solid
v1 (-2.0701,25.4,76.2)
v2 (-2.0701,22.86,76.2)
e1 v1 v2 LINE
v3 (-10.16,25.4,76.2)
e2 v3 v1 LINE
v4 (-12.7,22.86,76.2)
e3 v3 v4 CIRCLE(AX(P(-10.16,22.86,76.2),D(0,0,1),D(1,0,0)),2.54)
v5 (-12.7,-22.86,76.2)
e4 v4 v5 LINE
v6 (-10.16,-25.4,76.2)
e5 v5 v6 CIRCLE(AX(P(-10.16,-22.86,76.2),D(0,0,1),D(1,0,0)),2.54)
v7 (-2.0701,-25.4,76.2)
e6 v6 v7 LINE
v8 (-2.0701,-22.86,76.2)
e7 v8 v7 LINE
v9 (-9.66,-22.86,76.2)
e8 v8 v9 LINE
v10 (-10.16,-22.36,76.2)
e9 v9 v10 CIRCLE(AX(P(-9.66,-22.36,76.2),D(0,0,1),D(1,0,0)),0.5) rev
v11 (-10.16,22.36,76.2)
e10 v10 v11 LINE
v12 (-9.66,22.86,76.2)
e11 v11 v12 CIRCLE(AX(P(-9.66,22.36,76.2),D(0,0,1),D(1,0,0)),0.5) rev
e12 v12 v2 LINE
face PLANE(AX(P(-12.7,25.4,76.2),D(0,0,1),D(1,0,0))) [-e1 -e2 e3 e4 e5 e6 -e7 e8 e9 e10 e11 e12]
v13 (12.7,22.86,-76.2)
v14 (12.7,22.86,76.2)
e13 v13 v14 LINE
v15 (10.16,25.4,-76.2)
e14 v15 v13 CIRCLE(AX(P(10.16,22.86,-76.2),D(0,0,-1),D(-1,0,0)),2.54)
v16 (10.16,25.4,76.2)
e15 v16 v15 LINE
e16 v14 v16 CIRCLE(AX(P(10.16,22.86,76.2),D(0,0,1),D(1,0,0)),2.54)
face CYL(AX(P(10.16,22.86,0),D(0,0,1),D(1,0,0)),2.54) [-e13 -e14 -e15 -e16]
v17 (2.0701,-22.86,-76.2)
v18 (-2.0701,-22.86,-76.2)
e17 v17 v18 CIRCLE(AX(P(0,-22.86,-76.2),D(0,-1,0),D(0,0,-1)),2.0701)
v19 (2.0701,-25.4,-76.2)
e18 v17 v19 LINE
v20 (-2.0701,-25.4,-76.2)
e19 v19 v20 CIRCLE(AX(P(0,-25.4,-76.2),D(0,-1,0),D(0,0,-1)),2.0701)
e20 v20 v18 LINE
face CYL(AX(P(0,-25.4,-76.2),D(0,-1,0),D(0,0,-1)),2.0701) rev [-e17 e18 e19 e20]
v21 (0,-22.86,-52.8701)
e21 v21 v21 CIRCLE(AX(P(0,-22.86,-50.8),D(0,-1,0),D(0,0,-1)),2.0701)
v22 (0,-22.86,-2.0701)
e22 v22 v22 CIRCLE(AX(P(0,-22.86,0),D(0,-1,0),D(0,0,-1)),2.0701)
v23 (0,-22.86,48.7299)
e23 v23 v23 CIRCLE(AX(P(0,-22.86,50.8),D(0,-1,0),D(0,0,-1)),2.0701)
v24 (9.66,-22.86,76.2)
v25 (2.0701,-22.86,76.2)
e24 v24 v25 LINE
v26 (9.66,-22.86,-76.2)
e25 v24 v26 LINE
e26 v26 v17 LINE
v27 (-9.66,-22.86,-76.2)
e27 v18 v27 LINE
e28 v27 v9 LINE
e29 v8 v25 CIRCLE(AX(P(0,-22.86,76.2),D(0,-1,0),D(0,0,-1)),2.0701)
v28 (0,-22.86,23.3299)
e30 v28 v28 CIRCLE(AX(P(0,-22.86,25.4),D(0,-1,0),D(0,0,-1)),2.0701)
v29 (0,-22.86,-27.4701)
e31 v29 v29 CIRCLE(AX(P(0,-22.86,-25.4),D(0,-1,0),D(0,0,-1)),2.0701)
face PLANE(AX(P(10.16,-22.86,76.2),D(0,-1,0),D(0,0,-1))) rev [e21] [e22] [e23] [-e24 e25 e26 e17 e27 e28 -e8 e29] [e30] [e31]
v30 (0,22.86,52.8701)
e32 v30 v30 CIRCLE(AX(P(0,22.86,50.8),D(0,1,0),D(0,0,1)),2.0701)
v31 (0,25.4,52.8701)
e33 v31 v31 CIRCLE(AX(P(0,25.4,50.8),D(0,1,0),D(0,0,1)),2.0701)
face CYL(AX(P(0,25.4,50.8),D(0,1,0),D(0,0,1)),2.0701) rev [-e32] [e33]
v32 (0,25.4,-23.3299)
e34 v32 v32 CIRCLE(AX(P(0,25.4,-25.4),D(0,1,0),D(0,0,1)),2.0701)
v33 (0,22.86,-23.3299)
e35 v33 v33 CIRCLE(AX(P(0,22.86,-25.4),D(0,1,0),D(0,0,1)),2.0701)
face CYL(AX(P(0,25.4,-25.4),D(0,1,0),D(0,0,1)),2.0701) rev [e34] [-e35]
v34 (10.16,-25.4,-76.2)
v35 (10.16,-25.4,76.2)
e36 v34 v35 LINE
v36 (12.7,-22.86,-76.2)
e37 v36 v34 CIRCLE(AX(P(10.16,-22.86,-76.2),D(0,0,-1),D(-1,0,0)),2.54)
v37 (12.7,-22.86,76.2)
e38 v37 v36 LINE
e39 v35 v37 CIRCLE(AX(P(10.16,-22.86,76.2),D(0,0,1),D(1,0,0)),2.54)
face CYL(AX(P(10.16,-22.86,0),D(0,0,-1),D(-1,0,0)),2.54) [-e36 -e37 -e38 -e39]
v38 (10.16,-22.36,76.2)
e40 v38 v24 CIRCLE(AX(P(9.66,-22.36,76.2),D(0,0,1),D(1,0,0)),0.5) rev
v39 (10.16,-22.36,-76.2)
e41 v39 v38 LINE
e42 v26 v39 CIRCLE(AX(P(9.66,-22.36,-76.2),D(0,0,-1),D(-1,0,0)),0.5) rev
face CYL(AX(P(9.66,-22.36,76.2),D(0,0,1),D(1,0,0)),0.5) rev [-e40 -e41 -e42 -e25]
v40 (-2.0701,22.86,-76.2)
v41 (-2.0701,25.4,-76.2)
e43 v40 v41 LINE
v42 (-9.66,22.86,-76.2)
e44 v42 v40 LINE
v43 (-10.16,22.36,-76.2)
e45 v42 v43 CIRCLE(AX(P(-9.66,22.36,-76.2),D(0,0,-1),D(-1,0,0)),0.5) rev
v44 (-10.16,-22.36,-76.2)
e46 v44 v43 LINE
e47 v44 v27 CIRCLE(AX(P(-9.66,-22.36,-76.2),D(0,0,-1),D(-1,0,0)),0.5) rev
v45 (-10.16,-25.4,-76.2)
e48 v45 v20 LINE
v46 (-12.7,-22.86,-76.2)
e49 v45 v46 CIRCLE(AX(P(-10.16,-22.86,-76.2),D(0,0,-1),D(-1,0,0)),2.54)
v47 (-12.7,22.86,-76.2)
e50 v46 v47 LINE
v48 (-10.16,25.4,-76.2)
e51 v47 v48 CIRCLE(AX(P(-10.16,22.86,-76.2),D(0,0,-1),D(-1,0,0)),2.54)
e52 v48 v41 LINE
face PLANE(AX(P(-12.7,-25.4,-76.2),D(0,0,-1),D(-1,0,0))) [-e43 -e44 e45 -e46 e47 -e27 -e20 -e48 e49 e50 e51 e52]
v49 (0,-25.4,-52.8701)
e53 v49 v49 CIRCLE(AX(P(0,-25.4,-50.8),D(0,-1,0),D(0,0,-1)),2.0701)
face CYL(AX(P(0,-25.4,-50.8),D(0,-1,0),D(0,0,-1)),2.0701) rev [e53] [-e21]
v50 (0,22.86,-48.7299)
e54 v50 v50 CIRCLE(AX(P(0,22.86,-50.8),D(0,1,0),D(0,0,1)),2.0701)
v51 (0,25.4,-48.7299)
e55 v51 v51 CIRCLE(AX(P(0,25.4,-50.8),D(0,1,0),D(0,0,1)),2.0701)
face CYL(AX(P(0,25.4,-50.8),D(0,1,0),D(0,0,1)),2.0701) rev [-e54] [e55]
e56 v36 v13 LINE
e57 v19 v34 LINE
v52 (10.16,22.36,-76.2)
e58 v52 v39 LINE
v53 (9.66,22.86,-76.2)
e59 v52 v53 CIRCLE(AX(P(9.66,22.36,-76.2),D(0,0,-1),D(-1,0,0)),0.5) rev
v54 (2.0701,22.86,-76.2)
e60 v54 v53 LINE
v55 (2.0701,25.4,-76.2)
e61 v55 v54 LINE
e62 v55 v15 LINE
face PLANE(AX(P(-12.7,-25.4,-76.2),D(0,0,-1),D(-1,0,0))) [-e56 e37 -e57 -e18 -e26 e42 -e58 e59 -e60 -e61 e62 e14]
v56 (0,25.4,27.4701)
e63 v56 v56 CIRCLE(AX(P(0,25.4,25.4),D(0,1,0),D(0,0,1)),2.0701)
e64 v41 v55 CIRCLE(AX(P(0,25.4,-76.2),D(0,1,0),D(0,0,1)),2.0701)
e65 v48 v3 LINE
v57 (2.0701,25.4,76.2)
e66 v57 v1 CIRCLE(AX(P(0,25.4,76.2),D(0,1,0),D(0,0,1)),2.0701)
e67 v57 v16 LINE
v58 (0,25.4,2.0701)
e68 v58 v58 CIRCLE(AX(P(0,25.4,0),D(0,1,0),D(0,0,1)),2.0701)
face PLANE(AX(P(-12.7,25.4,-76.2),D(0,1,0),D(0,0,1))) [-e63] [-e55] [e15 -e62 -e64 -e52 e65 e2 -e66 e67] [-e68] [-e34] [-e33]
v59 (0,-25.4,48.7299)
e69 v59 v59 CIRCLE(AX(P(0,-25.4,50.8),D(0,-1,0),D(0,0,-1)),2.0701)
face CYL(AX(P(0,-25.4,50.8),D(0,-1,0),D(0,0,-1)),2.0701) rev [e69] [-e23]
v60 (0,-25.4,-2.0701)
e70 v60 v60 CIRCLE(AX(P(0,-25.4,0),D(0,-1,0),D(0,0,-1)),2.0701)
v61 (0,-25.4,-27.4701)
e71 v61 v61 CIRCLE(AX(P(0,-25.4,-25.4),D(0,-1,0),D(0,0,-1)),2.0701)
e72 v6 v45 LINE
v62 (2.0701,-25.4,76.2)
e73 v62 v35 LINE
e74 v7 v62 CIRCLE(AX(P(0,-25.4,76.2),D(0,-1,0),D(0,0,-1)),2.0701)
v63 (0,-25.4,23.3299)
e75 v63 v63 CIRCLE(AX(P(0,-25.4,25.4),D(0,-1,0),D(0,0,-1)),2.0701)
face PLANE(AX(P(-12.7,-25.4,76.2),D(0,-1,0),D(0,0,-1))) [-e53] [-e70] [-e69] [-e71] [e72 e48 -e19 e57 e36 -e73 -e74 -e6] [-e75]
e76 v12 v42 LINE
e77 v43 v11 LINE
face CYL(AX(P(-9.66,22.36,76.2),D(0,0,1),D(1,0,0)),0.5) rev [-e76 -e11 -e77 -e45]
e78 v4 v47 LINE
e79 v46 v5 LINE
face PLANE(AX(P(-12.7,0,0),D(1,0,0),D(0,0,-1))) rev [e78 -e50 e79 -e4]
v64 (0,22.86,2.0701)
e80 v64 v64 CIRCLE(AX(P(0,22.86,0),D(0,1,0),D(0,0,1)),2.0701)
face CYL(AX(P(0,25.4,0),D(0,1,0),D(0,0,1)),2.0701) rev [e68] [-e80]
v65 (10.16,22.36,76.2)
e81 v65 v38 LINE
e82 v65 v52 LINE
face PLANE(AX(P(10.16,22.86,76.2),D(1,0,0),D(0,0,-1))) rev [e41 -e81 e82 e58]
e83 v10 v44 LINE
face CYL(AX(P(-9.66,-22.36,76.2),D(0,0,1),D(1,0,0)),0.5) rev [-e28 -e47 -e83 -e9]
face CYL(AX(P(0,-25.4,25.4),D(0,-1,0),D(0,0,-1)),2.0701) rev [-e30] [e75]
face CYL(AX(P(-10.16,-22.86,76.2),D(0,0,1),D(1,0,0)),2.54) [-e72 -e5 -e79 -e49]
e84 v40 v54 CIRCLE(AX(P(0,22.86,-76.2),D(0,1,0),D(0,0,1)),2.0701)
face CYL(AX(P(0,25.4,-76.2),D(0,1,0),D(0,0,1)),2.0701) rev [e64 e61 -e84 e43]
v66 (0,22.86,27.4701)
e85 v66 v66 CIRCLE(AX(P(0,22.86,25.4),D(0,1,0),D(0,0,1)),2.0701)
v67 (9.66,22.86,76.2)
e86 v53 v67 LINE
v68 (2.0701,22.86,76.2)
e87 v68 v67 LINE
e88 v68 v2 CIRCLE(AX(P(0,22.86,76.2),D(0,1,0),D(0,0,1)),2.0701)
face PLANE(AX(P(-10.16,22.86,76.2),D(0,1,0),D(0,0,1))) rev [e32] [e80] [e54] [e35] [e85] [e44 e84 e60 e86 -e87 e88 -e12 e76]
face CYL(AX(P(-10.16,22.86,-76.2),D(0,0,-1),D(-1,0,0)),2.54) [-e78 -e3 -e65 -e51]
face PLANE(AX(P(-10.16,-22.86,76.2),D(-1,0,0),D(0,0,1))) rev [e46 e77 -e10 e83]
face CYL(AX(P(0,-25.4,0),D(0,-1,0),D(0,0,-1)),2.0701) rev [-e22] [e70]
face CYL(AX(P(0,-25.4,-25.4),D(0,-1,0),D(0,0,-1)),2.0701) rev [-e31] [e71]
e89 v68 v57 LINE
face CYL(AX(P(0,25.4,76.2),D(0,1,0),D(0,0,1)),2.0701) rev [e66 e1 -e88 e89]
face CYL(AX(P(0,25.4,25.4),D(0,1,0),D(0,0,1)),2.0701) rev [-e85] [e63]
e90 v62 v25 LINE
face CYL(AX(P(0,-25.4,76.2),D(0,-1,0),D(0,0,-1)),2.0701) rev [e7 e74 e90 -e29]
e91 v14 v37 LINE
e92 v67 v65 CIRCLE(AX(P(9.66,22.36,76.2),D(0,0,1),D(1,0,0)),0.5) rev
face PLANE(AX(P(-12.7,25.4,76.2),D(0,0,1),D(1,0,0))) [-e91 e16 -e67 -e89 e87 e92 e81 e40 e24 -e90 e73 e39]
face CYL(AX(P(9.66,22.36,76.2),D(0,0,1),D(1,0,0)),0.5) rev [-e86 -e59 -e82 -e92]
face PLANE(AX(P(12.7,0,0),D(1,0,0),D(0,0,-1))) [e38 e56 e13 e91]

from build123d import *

# Parameters (mm, degrees)
SKETCH1_W                 = 152.4
SKETCH1_H                 = 50.8
BOSS_EXTRUDE1_DEPTH       = 25.4
SKETCH2_W                 = 20.32
SKETCH2_H                 = 45.72
CUT_EXTRUDE1_DEPTH        = 153.4
F_6_CLEARANCE_HOLE1_D     = 4.1402
F_6_CLEARANCE_HOLE1_DEPTH = 50.8
F_6_CLEARANCE_HOLE2_D     = 4.1402
F_6_CLEARANCE_HOLE2_DEPTH = 50.8
FILLET1_R                 = 0.5
FILLET2_R                 = 2.54


with BuildPart() as part:
    # Sketch1 → Boss-Extrude1 (new body)
    with BuildSketch(Plane(origin=(12.7, 0, 0), x_dir=(0, 0, -1), z_dir=(1, 0, 0))):
        Rectangle(SKETCH1_W, SKETCH1_H)
    extrude(amount=-BOSS_EXTRUDE1_DEPTH)

    # Sketch2 → Cut-Extrude1 (cut, through all)
    with BuildSketch(Plane(origin=(0, 0, -76.2), x_dir=(-1, 0, 0), z_dir=(0, 0, -1))):
        Rectangle(SKETCH2_W, SKETCH2_H)
    extrude(amount=-CUT_EXTRUDE1_DEPTH, mode=Mode.SUBTRACT)

    # #6 Clearance Hole1
    with Locations(Plane(origin=(0, -25.4, 0), x_dir=(-1, 0, 0), z_dir=(0, -1, 0))):
        with Locations((0, 711.2), (0, 736.6), (0, 685.8), (0, 660.4), (0, 635), (0, 609.6), (0, 584.2), (0, 558.8), (0, 533.4), (0, 508), (0, 482.6), (0, 457.2), (0, 431.8), (0, 406.4), (0, 381), (0, 355.6), (0, 330.2), (0, 304.8), (0, 279.4), (0, 254), (0, 228.6), (0, 203.2), (0, 177.8), (0, 152.4), (0, 127), (0, 101.6), (0, 76.2), (0, 50.8), (0, 25.4), (0, 0), (0, -25.4), (0, -50.8), (0, -76.2), (0, -101.6), (0, -127), (0, -152.4), (0, -177.8), (0, -203.2), (0, -228.6), (0, -254), (0, -279.4), (0, -304.8), (0, -330.2), (0, -355.6), (0, -381), (0, -406.4), (0, -431.8), (0, -457.2), (0, -482.6), (0, -508), (0, -533.4), (0, -558.8), (0, -584.2), (0, -609.6), (0, -635), (0, -660.4), (0, -685.8), (0, -711.2), (0, -736.6)):
            Hole(F_6_CLEARANCE_HOLE1_D / 2, depth=F_6_CLEARANCE_HOLE1_DEPTH)

    # #6 Clearance Hole2
    with Locations(Plane(origin=(0, 25.4, 0), x_dir=(1, 0, 0), z_dir=(0, 1, 0))):
        with Locations((0, 711.2), (0, 736.6), (0, 685.8), (0, 660.4), (0, 635), (0, 609.6), (0, 584.2), (0, 558.8), (0, 533.4), (0, 508), (0, 482.6), (0, 457.2), (0, 431.8), (0, 406.4), (0, 381), (0, 355.6), (0, 330.2), (0, 304.8), (0, 279.4), (0, 254), (0, 228.6), (0, 203.2), (0, 177.8), (0, 152.4), (0, 127), (0, 101.6), (0, 76.2), (0, 50.8), (0, 25.4), (0, 0), (0, -25.4), (0, -50.8), (0, -76.2), (0, -101.6), (0, -127), (0, -152.4), (0, -177.8), (0, -203.2), (0, -228.6), (0, -254), (0, -279.4), (0, -304.8), (0, -330.2), (0, -355.6), (0, -381), (0, -406.4), (0, -431.8), (0, -457.2), (0, -482.6), (0, -508), (0, -533.4), (0, -558.8), (0, -584.2), (0, -609.6), (0, -635), (0, -660.4), (0, -685.8), (0, -711.2), (0, -736.6)):
            Hole(F_6_CLEARANCE_HOLE2_D / 2, depth=F_6_CLEARANCE_HOLE2_DEPTH)

    # Fillet1
    fillet1_edges = [part.edges().sort_by_distance(p)[0] for p in [
        (-10.16, -22.86, 0),
        (10.16, -22.86, 0),
        (10.16, 22.86, 0),
        (-10.16, 22.86, 0),
    ]]
    fillet(fillet1_edges, radius=FILLET1_R)

    # Fillet2
    fillet2_edges = [part.edges().sort_by_distance(p)[0] for p in [
        (-12.7, 25.4, 0),
        (-12.7, -25.4, 0),
        (12.7, 25.4, 0),
        (12.7, -25.4, 0),
    ]]
    fillet(fillet2_edges, radius=FILLET2_R)


solid = part.part
